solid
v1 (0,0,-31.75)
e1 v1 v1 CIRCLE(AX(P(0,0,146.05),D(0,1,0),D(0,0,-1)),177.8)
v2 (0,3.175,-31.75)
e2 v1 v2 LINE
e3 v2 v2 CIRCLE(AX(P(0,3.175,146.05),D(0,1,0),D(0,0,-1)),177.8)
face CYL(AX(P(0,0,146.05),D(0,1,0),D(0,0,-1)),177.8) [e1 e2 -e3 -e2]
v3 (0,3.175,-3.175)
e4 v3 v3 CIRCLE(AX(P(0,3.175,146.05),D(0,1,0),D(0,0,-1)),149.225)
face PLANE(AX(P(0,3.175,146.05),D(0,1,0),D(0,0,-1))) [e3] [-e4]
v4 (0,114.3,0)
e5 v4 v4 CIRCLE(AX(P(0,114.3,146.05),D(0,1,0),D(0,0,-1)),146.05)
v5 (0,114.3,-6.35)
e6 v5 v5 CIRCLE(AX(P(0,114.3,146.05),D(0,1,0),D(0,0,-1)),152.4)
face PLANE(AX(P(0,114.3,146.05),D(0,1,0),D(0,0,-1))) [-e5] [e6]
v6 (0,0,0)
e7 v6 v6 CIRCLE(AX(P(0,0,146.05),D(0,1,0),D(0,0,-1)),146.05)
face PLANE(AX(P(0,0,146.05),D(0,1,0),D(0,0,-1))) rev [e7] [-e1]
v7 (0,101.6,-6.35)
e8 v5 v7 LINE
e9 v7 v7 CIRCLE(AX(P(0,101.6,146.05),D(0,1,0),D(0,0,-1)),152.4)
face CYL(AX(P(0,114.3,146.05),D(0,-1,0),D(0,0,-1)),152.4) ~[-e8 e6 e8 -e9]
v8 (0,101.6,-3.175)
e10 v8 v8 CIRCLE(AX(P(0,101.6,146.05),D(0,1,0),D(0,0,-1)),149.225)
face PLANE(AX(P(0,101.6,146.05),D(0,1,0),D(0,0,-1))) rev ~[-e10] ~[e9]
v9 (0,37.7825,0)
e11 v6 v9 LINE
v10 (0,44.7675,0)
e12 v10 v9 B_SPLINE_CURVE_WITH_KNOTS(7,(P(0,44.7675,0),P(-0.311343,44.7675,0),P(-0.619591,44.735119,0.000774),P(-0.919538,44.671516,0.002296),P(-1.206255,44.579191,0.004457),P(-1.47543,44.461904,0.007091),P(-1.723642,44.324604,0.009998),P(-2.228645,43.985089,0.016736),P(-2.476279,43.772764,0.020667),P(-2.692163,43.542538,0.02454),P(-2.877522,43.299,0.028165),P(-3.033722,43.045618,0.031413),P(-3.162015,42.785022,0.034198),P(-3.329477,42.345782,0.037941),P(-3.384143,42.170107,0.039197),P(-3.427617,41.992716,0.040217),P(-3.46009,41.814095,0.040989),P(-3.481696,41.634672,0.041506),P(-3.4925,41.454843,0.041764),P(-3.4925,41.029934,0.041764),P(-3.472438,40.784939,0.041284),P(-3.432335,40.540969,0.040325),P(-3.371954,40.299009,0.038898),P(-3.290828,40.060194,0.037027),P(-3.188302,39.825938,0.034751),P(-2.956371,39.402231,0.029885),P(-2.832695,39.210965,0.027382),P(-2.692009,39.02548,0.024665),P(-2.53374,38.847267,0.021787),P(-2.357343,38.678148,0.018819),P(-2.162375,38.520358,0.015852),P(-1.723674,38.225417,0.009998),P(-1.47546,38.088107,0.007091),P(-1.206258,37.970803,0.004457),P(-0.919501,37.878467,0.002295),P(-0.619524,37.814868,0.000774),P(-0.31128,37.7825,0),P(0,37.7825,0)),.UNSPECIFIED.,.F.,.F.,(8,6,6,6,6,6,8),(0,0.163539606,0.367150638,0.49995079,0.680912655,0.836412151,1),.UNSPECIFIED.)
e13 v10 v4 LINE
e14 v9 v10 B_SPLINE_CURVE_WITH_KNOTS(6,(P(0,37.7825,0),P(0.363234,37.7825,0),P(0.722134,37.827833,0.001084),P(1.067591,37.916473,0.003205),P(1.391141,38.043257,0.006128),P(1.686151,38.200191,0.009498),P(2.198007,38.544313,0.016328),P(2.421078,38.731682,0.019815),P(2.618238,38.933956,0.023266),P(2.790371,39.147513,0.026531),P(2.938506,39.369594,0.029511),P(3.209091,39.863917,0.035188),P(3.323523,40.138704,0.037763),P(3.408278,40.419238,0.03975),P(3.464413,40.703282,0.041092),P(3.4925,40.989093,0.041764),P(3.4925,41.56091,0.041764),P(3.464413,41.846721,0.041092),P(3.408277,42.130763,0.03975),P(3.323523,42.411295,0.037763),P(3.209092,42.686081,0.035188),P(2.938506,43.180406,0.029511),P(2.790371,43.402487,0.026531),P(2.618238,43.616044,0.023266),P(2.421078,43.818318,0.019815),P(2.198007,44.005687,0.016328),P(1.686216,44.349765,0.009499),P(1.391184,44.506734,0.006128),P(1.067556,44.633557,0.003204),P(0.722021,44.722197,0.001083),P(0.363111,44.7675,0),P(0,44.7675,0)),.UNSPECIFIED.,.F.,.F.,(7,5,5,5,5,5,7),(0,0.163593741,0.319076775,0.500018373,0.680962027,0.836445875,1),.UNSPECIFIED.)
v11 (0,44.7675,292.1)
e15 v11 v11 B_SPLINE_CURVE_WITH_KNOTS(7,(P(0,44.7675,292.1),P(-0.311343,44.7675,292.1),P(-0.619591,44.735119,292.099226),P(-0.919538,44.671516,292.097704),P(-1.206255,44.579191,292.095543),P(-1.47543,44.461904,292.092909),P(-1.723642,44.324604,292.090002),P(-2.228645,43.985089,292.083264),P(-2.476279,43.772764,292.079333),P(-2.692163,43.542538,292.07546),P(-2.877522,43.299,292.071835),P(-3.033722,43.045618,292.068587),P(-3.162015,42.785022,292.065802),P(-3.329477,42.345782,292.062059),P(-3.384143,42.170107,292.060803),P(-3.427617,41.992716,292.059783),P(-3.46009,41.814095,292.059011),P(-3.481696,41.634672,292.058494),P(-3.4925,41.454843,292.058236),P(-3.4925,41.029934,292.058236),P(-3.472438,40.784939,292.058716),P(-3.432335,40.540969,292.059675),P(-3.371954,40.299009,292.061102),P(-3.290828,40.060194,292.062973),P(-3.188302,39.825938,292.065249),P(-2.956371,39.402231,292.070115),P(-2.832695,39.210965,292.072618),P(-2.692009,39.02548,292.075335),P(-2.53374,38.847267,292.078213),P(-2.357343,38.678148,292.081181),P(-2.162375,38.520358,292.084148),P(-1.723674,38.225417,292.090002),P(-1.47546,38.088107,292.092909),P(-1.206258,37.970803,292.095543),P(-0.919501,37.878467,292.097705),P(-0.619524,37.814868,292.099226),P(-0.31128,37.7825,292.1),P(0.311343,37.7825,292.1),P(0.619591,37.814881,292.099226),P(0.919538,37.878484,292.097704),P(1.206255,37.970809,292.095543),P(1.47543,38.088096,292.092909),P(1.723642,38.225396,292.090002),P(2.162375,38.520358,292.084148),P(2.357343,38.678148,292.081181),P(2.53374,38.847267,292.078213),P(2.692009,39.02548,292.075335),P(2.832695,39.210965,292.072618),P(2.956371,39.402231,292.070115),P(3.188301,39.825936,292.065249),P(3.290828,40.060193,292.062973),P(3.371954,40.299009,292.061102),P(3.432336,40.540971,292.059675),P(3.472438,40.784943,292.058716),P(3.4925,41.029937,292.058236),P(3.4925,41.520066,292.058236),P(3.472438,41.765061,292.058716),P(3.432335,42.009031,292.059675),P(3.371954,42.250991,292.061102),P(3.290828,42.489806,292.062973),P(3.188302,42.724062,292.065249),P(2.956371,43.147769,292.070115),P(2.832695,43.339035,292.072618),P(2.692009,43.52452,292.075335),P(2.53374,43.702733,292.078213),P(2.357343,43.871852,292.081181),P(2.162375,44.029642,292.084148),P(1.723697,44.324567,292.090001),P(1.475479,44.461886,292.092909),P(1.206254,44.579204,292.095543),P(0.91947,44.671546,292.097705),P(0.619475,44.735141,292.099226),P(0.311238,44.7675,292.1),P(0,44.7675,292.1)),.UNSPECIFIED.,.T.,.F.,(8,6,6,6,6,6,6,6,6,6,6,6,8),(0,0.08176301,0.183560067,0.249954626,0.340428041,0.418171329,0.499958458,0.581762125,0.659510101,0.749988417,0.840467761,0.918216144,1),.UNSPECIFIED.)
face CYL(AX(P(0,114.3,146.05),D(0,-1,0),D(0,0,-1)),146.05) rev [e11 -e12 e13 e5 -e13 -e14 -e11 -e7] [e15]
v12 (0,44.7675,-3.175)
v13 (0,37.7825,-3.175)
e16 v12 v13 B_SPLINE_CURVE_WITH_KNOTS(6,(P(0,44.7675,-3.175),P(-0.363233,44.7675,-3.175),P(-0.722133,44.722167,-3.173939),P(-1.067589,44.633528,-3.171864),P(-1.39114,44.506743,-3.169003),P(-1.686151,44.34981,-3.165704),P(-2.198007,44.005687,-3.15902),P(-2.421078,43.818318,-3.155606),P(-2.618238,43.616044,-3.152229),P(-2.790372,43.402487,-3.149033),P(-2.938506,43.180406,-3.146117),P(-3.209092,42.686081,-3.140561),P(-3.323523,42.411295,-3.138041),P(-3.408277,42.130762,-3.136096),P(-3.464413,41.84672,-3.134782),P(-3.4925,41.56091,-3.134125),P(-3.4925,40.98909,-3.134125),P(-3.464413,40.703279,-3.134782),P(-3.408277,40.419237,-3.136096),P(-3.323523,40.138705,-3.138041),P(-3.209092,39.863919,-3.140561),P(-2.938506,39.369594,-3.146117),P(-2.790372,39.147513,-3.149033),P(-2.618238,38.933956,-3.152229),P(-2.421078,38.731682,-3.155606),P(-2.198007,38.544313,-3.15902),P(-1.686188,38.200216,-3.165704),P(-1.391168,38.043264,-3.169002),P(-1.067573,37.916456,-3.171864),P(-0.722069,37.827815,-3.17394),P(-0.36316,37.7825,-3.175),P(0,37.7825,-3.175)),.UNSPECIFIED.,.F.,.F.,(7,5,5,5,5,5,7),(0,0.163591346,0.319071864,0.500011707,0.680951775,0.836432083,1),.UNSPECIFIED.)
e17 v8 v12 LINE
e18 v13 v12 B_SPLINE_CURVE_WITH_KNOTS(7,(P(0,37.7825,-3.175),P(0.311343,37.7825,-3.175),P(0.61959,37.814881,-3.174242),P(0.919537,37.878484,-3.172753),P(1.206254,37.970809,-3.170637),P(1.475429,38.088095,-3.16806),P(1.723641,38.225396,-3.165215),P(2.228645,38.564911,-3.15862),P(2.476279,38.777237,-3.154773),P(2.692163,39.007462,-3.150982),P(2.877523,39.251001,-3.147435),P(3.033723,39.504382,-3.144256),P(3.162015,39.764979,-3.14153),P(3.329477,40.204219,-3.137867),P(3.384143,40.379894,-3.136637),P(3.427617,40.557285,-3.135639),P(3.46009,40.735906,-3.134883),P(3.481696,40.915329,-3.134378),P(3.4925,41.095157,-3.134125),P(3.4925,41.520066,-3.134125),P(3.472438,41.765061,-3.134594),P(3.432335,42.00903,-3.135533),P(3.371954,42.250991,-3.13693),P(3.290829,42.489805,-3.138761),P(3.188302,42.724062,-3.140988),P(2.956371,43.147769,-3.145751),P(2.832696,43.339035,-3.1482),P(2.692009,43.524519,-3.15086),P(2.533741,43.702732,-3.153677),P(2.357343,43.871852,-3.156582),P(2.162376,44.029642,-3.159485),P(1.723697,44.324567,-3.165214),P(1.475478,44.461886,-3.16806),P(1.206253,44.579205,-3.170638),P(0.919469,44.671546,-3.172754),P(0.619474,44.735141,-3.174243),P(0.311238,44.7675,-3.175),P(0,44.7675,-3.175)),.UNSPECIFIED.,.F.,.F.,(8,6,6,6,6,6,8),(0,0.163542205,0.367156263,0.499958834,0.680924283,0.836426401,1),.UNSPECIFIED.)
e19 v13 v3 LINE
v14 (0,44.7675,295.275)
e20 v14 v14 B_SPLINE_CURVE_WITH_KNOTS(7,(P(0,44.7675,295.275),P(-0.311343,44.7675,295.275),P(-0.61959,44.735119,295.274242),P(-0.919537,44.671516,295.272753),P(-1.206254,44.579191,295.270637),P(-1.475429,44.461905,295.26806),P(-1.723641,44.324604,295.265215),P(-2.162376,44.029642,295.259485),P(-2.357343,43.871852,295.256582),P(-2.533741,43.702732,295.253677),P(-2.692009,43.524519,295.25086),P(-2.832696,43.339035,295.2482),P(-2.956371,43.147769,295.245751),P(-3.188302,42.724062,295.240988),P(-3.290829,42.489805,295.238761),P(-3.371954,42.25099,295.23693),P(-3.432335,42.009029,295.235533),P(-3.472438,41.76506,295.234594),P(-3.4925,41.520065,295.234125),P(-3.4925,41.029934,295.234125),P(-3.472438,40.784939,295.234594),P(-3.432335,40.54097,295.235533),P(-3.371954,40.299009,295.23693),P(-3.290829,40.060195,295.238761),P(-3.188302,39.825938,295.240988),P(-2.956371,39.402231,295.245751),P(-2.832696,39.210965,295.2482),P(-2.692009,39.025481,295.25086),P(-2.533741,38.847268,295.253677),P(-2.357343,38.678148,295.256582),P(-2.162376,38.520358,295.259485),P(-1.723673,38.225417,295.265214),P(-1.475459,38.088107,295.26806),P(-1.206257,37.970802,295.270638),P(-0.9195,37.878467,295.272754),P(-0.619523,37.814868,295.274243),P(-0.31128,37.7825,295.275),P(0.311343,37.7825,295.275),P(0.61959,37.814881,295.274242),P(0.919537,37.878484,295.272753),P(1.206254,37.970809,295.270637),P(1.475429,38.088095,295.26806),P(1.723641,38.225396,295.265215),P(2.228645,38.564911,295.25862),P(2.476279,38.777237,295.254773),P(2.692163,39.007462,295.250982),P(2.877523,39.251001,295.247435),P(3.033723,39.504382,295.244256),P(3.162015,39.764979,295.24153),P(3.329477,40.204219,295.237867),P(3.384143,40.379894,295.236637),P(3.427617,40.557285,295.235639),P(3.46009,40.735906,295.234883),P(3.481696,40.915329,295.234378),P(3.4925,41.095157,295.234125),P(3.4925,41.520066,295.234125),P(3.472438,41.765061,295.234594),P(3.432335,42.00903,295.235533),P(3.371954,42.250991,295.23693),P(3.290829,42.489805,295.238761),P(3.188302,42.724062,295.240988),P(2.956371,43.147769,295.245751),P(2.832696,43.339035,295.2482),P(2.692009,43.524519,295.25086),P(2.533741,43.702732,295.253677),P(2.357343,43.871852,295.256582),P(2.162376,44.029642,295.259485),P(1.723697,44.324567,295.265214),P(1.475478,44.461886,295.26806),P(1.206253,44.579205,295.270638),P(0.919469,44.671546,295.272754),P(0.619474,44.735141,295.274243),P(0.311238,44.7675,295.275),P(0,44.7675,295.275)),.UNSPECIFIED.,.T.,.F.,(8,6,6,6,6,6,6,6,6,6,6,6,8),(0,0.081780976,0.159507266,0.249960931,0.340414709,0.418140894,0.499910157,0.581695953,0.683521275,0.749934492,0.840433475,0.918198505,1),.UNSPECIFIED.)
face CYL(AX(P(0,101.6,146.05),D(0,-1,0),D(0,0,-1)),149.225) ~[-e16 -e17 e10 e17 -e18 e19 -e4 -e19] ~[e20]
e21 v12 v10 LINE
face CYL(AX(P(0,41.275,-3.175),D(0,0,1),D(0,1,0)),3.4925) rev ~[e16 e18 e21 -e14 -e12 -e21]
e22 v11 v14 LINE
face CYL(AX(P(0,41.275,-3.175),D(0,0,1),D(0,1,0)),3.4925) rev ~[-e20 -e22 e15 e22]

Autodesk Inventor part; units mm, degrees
ref_plane "YZ Plane" through (0, 0, 0) normal (1, 0, 0) x (0, 1, 0)
ref_plane "XZ Plane" through (0, 0, 0) normal (0, 1, 0) x (-1, 0, 0)
ref_plane "XY Plane" through (0, 0, 0) normal (0, 0, 1) x (1, 0, 0)
sketch "Sketch1" plane through (0, 0, 0) normal (1, 0, 0) x (0, 1, 0)
  line L0 (0, 0) -> (0, -31.75)
  line L1 (0, -31.75) -> (3.175, -31.75)
  line L2 (3.175, -31.75) -> (3.175, -3.175)
  line L3 (114.3, -3.175) -> (114.3, 0)
  line L4 (114.3, 0) -> (0, 0)
  line L5 (72.0056, 146.05) -> (114.3, 146.05)
  line L6 (114.3, -3.175) -> (114.3, -6.35)
  line L7 (114.3, -6.35) -> (101.6, -6.35)
  line L8 (101.6, -6.35) -> (101.6, -3.175)
  line L9 (101.6, -3.175) -> (3.175, -3.175)
  line L10 (41.275, -3.175) -> (41.275, -1.5875)
  line L11 (41.275, -1.5875) -> (44.45, -1.5875)
  line L12 (44.45, -1.5875) -> (44.45, 0)
  dimension "d0" = 31.75
  dimension "d1" = 3.175
  dimension "d2" = 28.575
  dimension "d3" = 111.125
  dimension "d4" = 3.175
  dimension "d5" = 146.05
  dimension "d7" = 3.175
  dimension "d8" = 12.7
  dimension "d9" = 41.275
  dimension "d17" = 3.175
revolve "Revolution1" add sketch "Sketch1" angle 360 about axis through (0, 72.0056, 146.05) along (0, 1, 0)
ref_plane "Work Plane1" through (0, 41.275, -3.175) normal (0, 0, -1) x (-1, 0, 0)
sketch "Sketch2" plane through (0, 41.275, -3.175) normal (0, 0, -1) x (-1, 0, 0)
  point P0 (0, -41.275)
  point P1 (0, 0)
hole "Hole1" at (0, 41.275, -3.175) direction (0, 0, 1) diameter 6.985 end through all
properties part number "Top_Bevel_Base"
